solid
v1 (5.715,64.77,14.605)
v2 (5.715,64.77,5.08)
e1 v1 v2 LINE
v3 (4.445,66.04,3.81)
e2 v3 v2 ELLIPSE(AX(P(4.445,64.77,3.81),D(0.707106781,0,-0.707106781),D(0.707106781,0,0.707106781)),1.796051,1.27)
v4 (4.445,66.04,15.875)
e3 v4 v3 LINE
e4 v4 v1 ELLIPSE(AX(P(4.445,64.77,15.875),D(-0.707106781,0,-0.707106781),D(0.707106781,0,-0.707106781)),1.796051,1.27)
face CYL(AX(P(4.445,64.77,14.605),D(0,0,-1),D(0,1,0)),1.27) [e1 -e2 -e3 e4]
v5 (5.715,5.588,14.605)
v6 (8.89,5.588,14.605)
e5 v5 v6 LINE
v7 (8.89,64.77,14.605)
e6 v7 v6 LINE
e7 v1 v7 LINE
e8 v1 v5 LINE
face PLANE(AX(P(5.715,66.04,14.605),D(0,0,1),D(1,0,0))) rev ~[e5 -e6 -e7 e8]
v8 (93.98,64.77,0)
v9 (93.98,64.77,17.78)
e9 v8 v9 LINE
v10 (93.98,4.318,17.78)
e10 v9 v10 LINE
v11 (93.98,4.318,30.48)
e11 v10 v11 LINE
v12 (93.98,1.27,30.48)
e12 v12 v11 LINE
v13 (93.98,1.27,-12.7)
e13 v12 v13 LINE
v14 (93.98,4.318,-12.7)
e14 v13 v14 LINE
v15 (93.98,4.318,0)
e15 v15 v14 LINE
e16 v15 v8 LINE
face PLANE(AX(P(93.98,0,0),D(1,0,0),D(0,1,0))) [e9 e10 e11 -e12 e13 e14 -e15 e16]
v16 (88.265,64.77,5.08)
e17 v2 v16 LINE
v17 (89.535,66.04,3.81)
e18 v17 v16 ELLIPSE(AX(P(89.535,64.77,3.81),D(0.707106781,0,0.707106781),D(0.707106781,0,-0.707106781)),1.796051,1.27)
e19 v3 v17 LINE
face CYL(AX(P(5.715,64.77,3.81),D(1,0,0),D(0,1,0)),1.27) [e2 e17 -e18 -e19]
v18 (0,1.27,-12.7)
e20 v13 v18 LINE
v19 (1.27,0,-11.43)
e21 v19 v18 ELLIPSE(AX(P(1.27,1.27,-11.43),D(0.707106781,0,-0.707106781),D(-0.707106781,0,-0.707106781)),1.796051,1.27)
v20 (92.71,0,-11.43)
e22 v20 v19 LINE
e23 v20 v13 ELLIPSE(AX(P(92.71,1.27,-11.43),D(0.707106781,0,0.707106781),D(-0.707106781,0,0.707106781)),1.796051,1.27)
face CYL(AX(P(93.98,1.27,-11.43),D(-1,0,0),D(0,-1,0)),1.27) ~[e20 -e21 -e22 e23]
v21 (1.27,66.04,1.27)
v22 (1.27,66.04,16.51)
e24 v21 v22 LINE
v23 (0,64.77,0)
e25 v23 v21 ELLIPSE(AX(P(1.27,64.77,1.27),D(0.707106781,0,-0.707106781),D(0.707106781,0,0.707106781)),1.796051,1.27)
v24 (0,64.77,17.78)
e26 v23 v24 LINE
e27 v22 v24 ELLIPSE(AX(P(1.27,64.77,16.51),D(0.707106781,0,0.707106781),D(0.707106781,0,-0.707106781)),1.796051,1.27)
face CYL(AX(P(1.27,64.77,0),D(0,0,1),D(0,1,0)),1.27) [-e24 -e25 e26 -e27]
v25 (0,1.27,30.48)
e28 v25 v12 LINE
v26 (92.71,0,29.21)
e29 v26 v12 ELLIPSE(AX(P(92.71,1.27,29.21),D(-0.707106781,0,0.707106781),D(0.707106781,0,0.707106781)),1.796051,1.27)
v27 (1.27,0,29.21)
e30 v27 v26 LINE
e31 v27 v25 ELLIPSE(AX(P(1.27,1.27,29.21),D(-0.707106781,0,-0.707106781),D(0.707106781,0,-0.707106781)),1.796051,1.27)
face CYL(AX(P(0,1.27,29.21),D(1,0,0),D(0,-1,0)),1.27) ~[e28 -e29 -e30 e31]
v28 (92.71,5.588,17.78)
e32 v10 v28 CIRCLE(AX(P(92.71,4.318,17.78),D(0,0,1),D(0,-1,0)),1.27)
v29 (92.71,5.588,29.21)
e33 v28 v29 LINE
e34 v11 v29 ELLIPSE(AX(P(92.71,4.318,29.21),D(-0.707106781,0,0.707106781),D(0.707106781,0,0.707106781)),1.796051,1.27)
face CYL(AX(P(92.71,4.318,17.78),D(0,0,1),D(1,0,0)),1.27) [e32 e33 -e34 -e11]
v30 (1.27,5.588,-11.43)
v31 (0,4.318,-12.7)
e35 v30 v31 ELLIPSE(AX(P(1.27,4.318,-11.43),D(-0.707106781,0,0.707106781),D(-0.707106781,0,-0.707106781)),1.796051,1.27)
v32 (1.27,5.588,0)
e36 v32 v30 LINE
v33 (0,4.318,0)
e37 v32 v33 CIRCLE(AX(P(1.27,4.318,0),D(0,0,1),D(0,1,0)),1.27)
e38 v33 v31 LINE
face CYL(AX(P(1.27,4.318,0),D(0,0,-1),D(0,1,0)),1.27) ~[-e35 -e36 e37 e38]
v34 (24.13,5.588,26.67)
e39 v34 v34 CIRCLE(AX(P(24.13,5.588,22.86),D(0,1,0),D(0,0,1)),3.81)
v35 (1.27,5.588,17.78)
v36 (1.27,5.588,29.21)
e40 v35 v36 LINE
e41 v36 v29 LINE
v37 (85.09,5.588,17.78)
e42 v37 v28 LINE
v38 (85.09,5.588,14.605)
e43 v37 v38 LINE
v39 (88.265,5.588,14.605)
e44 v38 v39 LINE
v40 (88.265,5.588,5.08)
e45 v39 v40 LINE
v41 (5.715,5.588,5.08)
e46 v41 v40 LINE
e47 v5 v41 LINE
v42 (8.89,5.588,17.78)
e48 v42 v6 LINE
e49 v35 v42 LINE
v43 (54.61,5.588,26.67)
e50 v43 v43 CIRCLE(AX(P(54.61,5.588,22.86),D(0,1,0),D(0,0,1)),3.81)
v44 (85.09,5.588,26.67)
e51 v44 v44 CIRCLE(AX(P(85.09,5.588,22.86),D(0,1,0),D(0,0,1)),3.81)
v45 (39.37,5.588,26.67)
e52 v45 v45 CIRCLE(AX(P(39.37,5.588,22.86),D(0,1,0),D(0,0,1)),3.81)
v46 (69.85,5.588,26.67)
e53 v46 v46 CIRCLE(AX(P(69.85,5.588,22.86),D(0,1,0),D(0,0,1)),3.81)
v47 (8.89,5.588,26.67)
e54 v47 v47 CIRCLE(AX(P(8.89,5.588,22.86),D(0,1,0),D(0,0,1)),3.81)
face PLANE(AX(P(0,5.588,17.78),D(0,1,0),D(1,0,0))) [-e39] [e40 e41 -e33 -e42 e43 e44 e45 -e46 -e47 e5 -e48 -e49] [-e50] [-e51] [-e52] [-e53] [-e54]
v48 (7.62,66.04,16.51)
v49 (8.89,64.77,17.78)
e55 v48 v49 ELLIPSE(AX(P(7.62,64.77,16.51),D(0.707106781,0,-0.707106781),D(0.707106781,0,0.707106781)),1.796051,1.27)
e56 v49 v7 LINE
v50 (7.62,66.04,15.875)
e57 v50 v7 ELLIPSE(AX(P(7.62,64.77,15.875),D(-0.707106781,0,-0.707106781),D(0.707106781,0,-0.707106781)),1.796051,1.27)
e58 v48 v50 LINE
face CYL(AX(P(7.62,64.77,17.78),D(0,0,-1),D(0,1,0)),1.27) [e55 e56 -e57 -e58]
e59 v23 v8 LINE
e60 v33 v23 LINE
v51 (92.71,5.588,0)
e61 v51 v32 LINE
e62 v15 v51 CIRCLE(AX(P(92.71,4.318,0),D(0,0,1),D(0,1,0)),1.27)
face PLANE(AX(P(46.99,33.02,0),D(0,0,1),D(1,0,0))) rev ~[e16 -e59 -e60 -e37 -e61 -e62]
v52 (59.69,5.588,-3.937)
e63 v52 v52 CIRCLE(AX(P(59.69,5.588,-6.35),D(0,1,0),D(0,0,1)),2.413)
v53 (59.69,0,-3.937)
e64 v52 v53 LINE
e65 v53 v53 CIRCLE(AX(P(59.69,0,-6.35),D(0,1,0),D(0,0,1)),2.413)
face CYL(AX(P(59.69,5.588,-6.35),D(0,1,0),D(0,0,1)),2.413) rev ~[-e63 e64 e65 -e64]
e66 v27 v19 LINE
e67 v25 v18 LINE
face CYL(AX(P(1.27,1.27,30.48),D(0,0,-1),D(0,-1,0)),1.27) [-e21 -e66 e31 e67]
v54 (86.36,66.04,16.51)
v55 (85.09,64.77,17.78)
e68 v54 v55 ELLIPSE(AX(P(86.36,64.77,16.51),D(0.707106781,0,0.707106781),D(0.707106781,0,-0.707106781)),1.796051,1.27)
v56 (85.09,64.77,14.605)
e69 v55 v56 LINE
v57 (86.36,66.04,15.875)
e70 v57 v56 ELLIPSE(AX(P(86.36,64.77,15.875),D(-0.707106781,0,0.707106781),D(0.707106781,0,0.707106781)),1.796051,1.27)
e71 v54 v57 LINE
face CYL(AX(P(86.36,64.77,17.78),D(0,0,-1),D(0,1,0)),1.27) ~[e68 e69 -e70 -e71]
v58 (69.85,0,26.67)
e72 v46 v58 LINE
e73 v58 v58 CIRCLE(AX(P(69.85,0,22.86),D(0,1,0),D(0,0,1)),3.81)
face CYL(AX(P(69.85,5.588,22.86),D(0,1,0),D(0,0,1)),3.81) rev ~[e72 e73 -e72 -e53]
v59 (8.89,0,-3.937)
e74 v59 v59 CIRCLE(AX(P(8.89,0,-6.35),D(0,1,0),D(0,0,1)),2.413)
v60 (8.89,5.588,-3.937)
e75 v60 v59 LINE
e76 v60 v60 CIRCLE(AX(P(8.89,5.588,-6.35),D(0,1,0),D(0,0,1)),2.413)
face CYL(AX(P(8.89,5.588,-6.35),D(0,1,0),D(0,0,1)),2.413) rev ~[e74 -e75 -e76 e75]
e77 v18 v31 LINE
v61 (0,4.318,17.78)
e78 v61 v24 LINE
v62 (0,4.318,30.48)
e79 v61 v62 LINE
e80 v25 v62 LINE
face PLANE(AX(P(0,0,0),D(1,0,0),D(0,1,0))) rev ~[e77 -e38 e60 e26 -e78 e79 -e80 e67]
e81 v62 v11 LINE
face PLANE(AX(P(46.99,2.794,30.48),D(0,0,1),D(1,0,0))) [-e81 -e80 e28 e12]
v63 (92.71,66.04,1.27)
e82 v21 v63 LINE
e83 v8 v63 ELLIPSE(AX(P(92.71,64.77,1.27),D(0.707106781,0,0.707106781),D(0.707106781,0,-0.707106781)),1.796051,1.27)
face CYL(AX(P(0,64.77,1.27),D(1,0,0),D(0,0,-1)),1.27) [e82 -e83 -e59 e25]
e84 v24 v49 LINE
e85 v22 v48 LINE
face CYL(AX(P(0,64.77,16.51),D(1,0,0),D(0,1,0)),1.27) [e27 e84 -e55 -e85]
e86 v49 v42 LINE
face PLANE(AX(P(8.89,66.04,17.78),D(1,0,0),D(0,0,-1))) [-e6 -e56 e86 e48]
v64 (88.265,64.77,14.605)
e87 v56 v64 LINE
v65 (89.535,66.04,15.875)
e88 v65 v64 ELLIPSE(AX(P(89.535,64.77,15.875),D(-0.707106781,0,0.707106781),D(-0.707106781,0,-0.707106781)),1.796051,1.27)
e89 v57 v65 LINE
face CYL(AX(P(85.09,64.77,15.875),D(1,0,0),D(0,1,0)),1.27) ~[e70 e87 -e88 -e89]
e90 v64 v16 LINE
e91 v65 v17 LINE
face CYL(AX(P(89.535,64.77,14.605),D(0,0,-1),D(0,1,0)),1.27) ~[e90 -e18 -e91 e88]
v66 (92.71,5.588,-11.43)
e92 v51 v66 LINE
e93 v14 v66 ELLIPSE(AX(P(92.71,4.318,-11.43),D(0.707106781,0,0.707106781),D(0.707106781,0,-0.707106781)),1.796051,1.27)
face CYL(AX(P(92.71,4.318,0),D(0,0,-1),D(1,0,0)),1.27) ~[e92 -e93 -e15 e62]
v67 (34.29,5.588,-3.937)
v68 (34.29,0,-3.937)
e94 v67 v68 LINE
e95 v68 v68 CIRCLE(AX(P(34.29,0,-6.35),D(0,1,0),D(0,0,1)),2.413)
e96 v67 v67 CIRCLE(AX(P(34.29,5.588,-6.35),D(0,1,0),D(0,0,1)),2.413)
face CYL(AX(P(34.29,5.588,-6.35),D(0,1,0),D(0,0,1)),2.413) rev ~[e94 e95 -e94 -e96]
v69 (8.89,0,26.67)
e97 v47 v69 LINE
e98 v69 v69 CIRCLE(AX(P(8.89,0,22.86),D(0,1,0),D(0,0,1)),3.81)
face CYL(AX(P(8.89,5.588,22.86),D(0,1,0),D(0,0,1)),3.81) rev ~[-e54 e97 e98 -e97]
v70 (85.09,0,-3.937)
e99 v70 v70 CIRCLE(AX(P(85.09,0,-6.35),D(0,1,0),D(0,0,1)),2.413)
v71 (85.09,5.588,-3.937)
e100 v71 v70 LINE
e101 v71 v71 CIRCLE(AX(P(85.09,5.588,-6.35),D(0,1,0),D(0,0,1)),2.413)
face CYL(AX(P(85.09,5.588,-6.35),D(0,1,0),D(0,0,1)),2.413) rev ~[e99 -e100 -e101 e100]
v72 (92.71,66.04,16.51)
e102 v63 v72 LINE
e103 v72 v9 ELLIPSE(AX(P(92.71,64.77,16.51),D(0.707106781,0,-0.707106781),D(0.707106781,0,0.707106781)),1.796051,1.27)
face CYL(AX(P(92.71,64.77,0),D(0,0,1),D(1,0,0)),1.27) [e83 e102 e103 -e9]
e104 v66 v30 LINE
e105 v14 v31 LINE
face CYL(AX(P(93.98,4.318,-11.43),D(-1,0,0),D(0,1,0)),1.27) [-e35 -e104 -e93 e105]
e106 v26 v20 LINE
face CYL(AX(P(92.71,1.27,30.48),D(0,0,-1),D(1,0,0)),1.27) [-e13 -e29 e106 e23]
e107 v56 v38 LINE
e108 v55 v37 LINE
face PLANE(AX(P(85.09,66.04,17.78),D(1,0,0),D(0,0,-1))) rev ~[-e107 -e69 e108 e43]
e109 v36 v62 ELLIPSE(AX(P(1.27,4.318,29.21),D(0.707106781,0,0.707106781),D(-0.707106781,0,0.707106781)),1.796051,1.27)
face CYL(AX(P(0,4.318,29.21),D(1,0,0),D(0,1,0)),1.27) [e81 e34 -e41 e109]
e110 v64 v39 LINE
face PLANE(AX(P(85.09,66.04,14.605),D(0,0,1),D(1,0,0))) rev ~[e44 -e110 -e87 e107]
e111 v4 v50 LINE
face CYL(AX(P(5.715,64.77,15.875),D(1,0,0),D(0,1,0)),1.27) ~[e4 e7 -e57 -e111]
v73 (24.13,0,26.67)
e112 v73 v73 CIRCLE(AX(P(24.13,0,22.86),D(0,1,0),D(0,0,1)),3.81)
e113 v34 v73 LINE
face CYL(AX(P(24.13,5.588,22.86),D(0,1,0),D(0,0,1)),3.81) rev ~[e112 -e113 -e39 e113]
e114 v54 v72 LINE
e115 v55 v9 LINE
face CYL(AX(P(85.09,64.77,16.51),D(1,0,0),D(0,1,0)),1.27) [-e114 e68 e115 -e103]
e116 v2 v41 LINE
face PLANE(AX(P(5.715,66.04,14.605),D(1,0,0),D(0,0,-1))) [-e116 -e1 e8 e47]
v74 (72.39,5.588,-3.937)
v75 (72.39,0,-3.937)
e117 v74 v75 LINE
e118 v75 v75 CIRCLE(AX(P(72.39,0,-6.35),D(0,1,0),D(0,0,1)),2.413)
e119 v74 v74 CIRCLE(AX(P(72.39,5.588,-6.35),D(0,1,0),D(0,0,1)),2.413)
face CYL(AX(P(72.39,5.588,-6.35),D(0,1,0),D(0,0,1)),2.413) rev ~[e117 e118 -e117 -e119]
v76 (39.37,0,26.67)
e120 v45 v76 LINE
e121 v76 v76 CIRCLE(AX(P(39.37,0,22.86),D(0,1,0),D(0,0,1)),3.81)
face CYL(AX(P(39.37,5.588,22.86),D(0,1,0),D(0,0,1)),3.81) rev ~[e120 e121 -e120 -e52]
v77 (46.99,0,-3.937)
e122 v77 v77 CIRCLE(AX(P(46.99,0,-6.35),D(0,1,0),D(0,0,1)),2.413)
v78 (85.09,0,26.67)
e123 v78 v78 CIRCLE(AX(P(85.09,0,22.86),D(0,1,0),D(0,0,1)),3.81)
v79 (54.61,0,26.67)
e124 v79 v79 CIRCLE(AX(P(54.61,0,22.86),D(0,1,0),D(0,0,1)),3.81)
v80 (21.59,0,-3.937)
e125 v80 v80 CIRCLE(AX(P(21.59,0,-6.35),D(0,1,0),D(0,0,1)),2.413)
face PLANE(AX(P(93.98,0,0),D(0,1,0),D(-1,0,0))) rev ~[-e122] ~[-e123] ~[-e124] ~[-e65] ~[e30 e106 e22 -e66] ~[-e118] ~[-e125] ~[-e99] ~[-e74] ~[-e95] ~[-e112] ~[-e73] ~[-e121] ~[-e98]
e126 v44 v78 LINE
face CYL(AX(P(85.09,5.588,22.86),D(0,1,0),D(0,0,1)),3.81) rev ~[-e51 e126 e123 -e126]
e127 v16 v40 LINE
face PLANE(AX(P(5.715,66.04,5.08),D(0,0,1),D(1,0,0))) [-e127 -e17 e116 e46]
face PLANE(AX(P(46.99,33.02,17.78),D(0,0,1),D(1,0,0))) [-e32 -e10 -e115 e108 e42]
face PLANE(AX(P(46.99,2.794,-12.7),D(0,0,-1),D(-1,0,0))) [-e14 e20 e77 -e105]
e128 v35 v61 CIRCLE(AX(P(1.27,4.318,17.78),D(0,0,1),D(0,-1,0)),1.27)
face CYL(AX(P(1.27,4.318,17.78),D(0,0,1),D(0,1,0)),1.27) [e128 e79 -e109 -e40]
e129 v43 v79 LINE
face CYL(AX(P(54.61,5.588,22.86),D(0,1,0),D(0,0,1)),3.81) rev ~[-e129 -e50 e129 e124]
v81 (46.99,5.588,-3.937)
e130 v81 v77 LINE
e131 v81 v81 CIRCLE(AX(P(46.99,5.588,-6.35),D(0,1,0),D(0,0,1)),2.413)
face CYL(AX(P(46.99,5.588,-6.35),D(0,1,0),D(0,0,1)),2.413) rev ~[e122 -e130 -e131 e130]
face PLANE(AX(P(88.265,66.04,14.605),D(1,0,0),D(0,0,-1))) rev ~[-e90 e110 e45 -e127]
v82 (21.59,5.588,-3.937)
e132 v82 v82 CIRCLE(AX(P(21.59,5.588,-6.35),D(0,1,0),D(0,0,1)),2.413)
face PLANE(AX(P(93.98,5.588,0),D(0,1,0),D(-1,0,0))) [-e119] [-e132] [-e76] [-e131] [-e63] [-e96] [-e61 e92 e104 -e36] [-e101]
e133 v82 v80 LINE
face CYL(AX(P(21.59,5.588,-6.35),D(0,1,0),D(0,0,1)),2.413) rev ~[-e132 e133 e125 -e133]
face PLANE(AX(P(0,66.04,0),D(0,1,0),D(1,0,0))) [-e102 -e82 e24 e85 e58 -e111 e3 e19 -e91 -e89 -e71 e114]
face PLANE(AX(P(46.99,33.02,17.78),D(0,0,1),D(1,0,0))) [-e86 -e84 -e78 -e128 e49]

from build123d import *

# Parameters (mm, degrees)
SKETCH2_W           = 93.98
SKETCH2_H           = 66.04
BOSS_EXTRUDE1_DEPTH = 17.78
SKETCH3_W           = 93.98
SKETCH3_H           = 5.588
BOSS_EXTRUDE2_DEPTH = 12.7
SKETCH4_W           = 82.55
SKETCH4_H           = 9.525
SKETCH4_W_2         = 76.2
SKETCH4_H_2         = 3.175
CUT_EXTRUDE1_DEPTH  = 60.452
SKETCH5_W           = 93.98
SKETCH5_H           = 5.588
BOSS_EXTRUDE3_DEPTH = 12.7
SKETCH6_R           = 2.413
SKETCH6_R_2         = 3.81
CUT_EXTRUDE2_DEPTH  = 116.826228049
FILLET1_R           = 1.27
FILLET2_R           = 1.27
FILLET3_R           = 1.27


with BuildPart() as part:
    # Sketch2 → Boss-Extrude1 (new body)
    with BuildSketch(Plane.XY):
        with Locations((46.99, 33.02)):
            Rectangle(SKETCH2_W, SKETCH2_H)
    extrude(amount=BOSS_EXTRUDE1_DEPTH)

    # Sketch3 → Boss-Extrude2 (add)
    with BuildSketch(Plane.XY.offset(17.78)):
        with Locations((46.99, 2.794)):
            Rectangle(SKETCH3_W, SKETCH3_H)
    extrude(amount=BOSS_EXTRUDE2_DEPTH)

    # Sketch4 → Cut-Extrude1 (cut)
    with BuildSketch(Plane(origin=(0, 66.04, 0), x_dir=(1, 0, 0), z_dir=(0, 1, 0))):
        with Locations((46.99, -9.8425)):
            Rectangle(SKETCH4_W, SKETCH4_H)
        with Locations((46.99, -16.1925)):
            Rectangle(SKETCH4_W_2, SKETCH4_H_2)
    extrude(amount=-CUT_EXTRUDE1_DEPTH, mode=Mode.SUBTRACT)

    # Sketch5 → Boss-Extrude3 (add)
    with BuildSketch(Plane(origin=(0, 0, 0), x_dir=(-1, 0, 0), z_dir=(0, 0, -1))):
        with Locations((-46.99, 2.794)):
            Rectangle(SKETCH5_W, SKETCH5_H)
    extrude(amount=BOSS_EXTRUDE3_DEPTH)

    # Sketch6 → Cut-Extrude2 (cut, through all)
    with BuildSketch(Plane(origin=(0, 5.588, 0), x_dir=(1, 0, 0), z_dir=(0, 1, 0))):
        with Locations(Location((8.89, 6.35, 0), (0, 0, 270))):
            Circle(SKETCH6_R)
        with Locations(Location((21.59, 6.35, 0), (0, 0, 270))):
            Circle(SKETCH6_R)
        with Locations(Location((34.29, 6.35, 0), (0, 0, 270))):
            Circle(SKETCH6_R)
        with Locations(Location((46.99, 6.35, 0), (0, 0, 270))):
            Circle(SKETCH6_R)
        with Locations(Location((59.69, 6.35, 0), (0, 0, 270))):
            Circle(SKETCH6_R)
        with Locations(Location((72.39, 6.35, 0), (0, 0, 270))):
            Circle(SKETCH6_R)
        with Locations(Location((85.09, 6.35, 0), (0, 0, 270))):
            Circle(SKETCH6_R)
        with Locations(Location((8.89, -22.86, 0), (0, 0, 270))):
            Circle(SKETCH6_R_2)
        with Locations(Location((24.13, -22.86, 0), (0, 0, 270))):
            Circle(SKETCH6_R_2)
        with Locations(Location((39.37, -22.86, 0), (0, 0, 270))):
            Circle(SKETCH6_R_2)
        with Locations(Location((54.61, -22.86, 0), (0, 0, 270))):
            Circle(SKETCH6_R_2)
        with Locations(Location((69.85, -22.86, 0), (0, 0, 270))):
            Circle(SKETCH6_R_2)
        with Locations(Location((85.09, -22.86, 0), (0, 0, 270))):
            Circle(SKETCH6_R_2)
    extrude(amount=-CUT_EXTRUDE2_DEPTH, mode=Mode.SUBTRACT)

    # Fillet1
    fillet1_edges = [part.edges().sort_by_distance(p)[0] for p in [
        (89.535, 66.04, 17.78),
        (4.445, 66.04, 17.78),
        (88.265, 66.04, 9.8425),
        (46.99, 66.04, 5.08),
        (5.715, 66.04, 9.8425),
        (7.3025, 66.04, 14.605),
        (8.89, 66.04, 16.1925),
        (86.6775, 66.04, 14.605),
        (85.09, 66.04, 16.1925),
        (46.99, 66.04, 0),
        (0, 66.04, 8.89),
        (93.98, 66.04, 8.89),
    ]]
    fillet(fillet1_edges, radius=FILLET1_R)

    # Fillet2
    fillet2_edges = [part.edges().sort_by_distance(p)[0] for p in [
        (0, 5.588, 24.13),
        (93.98, 5.588, 24.13),
        (46.99, 5.588, 30.48),
        (93.98, 5.588, -6.35),
        (0, 5.588, -6.35),
        (46.99, 5.588, -12.7),
    ]]
    fillet(fillet2_edges, radius=FILLET2_R)

    # Fillet3
    fillet3_edges = [part.edges().sort_by_distance(p)[0] for p in [
        (46.99, 0, 30.48),
        (46.99, 0, -12.7),
        (93.98, 0, 8.89),
        (0, 0, 8.89),
    ]]
    fillet(fillet3_edges, radius=FILLET3_R)


solid = part.part
